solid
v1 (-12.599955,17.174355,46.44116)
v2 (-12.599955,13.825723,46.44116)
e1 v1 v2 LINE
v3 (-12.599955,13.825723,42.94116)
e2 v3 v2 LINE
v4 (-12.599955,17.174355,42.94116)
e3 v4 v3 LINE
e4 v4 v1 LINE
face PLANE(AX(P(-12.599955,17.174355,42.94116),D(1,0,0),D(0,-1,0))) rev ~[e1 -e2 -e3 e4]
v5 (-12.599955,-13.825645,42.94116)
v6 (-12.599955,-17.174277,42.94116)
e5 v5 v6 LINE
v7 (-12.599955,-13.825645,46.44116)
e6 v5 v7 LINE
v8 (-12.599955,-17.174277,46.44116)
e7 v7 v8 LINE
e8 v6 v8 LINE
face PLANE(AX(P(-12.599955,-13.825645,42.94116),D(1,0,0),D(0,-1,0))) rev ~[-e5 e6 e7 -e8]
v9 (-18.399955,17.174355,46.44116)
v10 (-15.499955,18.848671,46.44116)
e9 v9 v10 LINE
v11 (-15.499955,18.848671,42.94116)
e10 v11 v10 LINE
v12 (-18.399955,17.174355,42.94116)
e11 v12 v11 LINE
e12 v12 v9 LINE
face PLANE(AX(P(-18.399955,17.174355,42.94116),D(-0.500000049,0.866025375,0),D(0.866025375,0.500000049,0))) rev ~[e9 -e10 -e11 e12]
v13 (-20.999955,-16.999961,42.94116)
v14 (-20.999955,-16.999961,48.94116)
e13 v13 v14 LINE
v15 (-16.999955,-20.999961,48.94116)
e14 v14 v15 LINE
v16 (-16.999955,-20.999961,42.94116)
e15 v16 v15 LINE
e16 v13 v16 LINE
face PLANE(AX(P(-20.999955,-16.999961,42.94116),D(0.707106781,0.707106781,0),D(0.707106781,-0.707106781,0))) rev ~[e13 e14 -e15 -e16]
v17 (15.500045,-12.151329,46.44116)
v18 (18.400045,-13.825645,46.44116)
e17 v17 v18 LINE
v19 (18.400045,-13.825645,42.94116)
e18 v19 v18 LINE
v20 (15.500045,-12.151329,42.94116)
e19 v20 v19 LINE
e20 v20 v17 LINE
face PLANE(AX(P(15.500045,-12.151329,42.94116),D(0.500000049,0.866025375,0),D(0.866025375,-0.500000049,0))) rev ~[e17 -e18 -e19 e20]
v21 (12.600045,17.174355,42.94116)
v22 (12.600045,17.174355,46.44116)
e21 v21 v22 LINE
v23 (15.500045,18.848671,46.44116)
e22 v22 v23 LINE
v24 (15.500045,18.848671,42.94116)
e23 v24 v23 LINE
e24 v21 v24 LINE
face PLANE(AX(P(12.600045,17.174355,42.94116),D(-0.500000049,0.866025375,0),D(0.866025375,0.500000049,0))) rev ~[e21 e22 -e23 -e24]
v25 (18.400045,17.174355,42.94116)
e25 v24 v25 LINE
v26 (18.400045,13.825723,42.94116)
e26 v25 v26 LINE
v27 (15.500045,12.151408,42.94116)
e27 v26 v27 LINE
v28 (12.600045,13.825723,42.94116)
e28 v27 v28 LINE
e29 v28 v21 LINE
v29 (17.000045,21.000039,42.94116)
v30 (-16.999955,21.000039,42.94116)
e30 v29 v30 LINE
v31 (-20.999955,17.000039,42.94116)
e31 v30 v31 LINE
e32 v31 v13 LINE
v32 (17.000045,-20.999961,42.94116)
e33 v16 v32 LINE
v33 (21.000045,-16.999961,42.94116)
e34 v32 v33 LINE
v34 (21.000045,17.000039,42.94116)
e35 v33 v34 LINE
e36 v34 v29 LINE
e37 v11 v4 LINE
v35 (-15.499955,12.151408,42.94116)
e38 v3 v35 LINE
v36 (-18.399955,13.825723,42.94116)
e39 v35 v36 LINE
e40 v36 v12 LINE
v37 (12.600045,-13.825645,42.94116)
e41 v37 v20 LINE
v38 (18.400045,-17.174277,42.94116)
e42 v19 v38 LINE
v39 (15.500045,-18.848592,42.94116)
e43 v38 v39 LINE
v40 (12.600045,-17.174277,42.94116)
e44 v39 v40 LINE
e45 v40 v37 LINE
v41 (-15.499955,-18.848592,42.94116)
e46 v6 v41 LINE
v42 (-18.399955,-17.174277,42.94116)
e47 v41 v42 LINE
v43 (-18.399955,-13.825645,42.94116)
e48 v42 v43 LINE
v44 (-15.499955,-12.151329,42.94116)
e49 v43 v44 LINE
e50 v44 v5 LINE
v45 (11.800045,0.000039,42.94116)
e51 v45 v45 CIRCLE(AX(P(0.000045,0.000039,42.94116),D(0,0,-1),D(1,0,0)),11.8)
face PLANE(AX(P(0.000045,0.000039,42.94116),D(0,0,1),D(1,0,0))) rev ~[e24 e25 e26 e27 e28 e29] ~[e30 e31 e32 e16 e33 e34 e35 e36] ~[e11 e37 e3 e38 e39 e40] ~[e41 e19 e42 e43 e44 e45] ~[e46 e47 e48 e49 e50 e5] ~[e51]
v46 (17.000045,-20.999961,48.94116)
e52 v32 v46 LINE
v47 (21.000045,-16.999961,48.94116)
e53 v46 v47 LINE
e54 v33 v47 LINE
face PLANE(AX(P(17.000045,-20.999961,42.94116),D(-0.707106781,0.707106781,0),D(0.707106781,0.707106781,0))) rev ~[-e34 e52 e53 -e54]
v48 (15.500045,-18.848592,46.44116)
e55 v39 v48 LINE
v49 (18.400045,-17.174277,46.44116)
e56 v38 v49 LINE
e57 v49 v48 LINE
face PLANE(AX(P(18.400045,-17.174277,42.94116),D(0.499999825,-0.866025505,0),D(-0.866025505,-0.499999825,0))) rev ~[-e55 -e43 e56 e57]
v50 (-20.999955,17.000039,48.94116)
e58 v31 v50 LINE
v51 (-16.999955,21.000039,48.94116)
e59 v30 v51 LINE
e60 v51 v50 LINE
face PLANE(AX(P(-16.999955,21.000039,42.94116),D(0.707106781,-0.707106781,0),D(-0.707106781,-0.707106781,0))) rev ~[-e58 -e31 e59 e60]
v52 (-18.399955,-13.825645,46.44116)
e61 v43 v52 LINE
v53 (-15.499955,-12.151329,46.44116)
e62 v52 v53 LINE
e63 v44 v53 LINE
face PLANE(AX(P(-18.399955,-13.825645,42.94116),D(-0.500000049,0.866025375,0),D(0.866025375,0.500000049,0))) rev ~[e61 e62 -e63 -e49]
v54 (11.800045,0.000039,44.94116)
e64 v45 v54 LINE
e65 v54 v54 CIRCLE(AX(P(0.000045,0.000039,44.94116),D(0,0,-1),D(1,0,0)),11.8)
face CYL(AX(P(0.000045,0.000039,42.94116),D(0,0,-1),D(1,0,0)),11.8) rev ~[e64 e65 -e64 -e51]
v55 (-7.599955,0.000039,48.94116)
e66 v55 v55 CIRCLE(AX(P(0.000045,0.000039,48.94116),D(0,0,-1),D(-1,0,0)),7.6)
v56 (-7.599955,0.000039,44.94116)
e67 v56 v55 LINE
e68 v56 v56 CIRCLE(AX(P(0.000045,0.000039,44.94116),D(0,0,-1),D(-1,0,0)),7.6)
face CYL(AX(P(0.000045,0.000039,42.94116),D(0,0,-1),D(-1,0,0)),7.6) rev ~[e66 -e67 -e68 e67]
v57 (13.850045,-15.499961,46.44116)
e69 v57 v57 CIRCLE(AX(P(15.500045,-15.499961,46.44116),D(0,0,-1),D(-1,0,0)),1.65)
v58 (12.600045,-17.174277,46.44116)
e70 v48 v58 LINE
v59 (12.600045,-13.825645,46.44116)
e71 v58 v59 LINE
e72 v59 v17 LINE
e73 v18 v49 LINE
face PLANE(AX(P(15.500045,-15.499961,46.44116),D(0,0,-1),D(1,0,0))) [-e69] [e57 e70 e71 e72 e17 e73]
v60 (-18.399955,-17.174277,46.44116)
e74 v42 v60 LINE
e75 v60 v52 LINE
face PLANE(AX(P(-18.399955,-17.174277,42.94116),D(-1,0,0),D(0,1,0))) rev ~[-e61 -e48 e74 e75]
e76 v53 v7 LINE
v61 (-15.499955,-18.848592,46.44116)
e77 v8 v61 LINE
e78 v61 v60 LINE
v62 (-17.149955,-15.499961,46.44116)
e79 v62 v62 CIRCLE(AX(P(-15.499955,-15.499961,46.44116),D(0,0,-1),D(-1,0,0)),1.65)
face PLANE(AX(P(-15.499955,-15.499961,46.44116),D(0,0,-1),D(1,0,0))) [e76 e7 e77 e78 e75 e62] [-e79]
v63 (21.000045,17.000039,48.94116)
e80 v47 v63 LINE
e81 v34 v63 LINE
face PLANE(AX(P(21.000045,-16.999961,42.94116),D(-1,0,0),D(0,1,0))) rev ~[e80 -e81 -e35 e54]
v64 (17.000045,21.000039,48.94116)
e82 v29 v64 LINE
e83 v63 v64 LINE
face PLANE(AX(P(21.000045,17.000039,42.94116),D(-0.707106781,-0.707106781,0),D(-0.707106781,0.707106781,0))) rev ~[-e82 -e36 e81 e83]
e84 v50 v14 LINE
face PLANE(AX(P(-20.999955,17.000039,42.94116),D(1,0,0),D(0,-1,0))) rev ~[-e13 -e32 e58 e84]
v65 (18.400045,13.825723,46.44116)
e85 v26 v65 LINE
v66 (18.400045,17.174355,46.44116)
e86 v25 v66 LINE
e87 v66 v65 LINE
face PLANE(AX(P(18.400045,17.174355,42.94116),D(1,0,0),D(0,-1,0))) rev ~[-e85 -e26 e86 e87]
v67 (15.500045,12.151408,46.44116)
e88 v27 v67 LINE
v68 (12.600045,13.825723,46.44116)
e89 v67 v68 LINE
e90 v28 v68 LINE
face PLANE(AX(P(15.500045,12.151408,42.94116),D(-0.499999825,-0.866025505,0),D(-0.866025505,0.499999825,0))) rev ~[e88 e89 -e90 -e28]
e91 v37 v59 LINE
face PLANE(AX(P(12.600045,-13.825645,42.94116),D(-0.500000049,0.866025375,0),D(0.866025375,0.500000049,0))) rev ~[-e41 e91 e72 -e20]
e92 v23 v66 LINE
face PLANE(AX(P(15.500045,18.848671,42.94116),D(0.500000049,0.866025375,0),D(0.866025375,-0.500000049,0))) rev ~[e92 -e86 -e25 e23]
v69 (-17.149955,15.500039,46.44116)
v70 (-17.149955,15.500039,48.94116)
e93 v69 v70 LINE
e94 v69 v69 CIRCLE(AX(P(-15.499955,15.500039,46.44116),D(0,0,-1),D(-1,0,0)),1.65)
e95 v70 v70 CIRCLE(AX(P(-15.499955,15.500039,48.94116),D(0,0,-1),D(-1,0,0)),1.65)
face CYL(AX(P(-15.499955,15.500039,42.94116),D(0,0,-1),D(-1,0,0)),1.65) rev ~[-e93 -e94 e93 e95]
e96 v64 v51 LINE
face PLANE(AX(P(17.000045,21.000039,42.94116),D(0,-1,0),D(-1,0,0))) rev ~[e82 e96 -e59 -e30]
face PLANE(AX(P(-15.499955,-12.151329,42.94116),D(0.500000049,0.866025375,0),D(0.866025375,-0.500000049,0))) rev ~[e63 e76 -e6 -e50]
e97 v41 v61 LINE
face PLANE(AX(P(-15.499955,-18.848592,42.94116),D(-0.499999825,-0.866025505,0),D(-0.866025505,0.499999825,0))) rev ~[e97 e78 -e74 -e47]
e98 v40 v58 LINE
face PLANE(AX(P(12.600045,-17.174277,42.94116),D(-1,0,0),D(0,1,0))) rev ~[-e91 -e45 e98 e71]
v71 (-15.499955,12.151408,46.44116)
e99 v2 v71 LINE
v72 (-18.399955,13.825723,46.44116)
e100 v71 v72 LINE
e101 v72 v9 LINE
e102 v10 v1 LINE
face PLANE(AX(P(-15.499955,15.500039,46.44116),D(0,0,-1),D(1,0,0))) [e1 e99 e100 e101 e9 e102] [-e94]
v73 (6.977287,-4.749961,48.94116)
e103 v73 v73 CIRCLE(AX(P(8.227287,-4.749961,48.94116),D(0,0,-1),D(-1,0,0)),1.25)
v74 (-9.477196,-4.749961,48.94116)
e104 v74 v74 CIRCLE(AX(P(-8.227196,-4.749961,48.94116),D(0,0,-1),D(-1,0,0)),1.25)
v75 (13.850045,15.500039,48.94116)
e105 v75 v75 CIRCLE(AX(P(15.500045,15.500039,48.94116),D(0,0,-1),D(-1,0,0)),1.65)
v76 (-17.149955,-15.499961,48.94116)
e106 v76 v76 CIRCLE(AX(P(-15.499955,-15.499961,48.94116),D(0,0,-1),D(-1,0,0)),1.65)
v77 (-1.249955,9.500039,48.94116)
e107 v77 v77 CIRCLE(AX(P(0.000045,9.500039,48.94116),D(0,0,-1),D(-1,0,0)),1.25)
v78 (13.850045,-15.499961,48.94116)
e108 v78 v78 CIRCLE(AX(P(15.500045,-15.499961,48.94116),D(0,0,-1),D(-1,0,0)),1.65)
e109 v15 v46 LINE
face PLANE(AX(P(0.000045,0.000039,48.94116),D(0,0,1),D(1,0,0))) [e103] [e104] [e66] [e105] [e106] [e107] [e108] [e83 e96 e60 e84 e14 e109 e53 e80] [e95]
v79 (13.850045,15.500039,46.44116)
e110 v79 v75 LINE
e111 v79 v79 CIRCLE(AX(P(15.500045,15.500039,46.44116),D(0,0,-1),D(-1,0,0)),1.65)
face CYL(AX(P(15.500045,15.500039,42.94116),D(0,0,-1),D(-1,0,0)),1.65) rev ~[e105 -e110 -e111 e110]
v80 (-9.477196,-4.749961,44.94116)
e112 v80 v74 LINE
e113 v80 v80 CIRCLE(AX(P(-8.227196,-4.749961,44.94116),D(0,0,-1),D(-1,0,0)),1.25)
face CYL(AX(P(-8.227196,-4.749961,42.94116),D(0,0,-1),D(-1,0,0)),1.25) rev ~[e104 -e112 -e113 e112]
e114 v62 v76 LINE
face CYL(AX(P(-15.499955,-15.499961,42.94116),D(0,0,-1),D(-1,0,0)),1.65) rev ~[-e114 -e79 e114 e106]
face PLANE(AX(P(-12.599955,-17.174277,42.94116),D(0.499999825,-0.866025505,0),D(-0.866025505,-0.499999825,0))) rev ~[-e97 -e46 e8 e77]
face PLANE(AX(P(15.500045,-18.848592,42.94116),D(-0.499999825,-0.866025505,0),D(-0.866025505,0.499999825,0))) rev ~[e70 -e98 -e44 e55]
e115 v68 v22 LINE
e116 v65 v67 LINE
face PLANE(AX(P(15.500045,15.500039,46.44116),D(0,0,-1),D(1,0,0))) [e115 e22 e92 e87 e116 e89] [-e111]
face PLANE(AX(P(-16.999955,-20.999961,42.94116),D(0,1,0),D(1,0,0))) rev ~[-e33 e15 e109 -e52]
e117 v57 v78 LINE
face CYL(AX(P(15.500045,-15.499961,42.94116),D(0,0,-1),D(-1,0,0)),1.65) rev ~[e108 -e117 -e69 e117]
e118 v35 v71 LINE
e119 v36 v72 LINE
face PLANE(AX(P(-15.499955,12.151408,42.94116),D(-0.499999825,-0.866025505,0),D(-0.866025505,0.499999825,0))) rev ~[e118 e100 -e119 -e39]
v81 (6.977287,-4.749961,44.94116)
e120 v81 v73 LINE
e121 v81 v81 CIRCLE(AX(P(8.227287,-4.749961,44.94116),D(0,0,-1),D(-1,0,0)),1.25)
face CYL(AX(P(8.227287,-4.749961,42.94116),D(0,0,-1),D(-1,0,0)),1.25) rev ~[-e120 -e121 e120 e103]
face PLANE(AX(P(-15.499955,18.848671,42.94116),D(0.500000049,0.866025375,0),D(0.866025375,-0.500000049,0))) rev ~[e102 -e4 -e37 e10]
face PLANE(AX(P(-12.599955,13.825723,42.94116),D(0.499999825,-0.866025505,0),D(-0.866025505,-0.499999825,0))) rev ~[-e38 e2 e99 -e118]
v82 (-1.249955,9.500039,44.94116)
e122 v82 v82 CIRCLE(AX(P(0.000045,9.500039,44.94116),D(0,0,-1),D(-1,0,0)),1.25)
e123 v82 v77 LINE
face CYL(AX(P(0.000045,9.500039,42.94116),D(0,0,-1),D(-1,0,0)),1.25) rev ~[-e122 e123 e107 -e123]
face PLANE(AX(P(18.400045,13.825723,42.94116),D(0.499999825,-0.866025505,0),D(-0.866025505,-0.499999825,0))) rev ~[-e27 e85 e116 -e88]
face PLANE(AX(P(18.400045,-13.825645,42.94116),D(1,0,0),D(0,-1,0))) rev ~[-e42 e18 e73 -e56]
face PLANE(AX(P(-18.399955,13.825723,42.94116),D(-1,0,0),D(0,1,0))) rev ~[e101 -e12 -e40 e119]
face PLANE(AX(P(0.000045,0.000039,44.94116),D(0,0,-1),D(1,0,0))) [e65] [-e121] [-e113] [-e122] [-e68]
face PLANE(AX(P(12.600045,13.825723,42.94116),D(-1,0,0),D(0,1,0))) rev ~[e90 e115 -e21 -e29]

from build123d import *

# Parameters (mm, degrees)
SKETCH002_R      = 1.65
SKETCH002_R_2    = 1.25
SKETCH002_R_3    = 7.6
EXTRUDE001_DEPTH = 6
SKETCH003_R      = 11.8
POCKET001_DEPTH  = 2
POCKET002_DEPTH  = 3.5


with BuildPart() as part:
    # Sketch002 → Extrude001 (new body)
    with BuildSketch(Plane(origin=(0, -257.5, 260.94116), x_dir=(-1, 0, 0), z_dir=(0, 0, -1))):
        Polygon((278.411955, 248.765839), (312.411955, 248.765839), (316.411955, 244.765839), (316.411955, 210.765839), (312.411955, 206.765839), (278.411955, 206.765839), (274.411955, 210.765839), (274.411955, 244.765839), align=None)
        with Locations((279.911955, 243.265839)):
            Circle(SKETCH002_R, mode=Mode.SUBTRACT)
        with Locations((310.911955, 243.265839)):
            Circle(SKETCH002_R, mode=Mode.SUBTRACT)
        with Locations((310.911955, 212.265839)):
            Circle(SKETCH002_R, mode=Mode.SUBTRACT)
        with Locations((279.911955, 212.265839)):
            Circle(SKETCH002_R, mode=Mode.SUBTRACT)
        with Locations((295.411955, 237.265839)):
            Circle(SKETCH002_R_2, mode=Mode.SUBTRACT)
        with Locations((303.639196, 223.015839)):
            Circle(SKETCH002_R_2, mode=Mode.SUBTRACT)
        with Locations((287.184713, 223.015839)):
            Circle(SKETCH002_R_2, mode=Mode.SUBTRACT)
        with Locations((295.411955, 227.765839)):
            Circle(SKETCH002_R_3, mode=Mode.SUBTRACT)
    extrude(amount=-EXTRUDE001_DEPTH)


with BuildPart() as part_1:
    # Extrude001 placement: moved
    add(part.part.moved(Location((295.412, 29.7342, -218))))

    # Sketch003 → Pocket001 (cut)
    with BuildSketch(Plane(origin=(295.412, 29.7342, 42.94116), x_dir=(1, 0, 0), z_dir=(0, 0, -1))):
        with Locations((-295.411955, 29.734161)):
            Circle(SKETCH003_R)
    extrude(amount=-POCKET001_DEPTH, mode=Mode.SUBTRACT)

    # Sketch004 → Pocket002 (cut)
    with BuildSketch(Plane(origin=(295.412, 29.7342, 42.94116), x_dir=(1, 0, 0), z_dir=(0, 0, -1))):
        Polygon((-313.811955, 43.559845), (-310.911955, 41.885529), (-308.011955, 43.559845), (-308.011955, 46.908477), (-310.911955, 48.582792), (-313.811955, 46.908477), align=None)
        Polygon((-279.911955, 41.885529), (-277.011955, 43.559845), (-277.011955, 46.908477), (-279.911955, 48.582792), (-282.811955, 46.908477), (-282.811955, 43.559845), align=None)
        Polygon((-279.911955, 17.582792), (-282.811955, 15.908477), (-282.811955, 12.559845), (-279.911955, 10.885529), (-277.011955, 12.559845), (-277.011955, 15.908477), align=None)
        Polygon((-310.911955, 17.582792), (-313.811955, 15.908477), (-313.811955, 12.559845), (-310.911955, 10.885529), (-308.011955, 12.559845), (-308.011955, 15.908477), align=None)
    extrude(amount=-POCKET002_DEPTH, mode=Mode.SUBTRACT)


solid = part_1.part
